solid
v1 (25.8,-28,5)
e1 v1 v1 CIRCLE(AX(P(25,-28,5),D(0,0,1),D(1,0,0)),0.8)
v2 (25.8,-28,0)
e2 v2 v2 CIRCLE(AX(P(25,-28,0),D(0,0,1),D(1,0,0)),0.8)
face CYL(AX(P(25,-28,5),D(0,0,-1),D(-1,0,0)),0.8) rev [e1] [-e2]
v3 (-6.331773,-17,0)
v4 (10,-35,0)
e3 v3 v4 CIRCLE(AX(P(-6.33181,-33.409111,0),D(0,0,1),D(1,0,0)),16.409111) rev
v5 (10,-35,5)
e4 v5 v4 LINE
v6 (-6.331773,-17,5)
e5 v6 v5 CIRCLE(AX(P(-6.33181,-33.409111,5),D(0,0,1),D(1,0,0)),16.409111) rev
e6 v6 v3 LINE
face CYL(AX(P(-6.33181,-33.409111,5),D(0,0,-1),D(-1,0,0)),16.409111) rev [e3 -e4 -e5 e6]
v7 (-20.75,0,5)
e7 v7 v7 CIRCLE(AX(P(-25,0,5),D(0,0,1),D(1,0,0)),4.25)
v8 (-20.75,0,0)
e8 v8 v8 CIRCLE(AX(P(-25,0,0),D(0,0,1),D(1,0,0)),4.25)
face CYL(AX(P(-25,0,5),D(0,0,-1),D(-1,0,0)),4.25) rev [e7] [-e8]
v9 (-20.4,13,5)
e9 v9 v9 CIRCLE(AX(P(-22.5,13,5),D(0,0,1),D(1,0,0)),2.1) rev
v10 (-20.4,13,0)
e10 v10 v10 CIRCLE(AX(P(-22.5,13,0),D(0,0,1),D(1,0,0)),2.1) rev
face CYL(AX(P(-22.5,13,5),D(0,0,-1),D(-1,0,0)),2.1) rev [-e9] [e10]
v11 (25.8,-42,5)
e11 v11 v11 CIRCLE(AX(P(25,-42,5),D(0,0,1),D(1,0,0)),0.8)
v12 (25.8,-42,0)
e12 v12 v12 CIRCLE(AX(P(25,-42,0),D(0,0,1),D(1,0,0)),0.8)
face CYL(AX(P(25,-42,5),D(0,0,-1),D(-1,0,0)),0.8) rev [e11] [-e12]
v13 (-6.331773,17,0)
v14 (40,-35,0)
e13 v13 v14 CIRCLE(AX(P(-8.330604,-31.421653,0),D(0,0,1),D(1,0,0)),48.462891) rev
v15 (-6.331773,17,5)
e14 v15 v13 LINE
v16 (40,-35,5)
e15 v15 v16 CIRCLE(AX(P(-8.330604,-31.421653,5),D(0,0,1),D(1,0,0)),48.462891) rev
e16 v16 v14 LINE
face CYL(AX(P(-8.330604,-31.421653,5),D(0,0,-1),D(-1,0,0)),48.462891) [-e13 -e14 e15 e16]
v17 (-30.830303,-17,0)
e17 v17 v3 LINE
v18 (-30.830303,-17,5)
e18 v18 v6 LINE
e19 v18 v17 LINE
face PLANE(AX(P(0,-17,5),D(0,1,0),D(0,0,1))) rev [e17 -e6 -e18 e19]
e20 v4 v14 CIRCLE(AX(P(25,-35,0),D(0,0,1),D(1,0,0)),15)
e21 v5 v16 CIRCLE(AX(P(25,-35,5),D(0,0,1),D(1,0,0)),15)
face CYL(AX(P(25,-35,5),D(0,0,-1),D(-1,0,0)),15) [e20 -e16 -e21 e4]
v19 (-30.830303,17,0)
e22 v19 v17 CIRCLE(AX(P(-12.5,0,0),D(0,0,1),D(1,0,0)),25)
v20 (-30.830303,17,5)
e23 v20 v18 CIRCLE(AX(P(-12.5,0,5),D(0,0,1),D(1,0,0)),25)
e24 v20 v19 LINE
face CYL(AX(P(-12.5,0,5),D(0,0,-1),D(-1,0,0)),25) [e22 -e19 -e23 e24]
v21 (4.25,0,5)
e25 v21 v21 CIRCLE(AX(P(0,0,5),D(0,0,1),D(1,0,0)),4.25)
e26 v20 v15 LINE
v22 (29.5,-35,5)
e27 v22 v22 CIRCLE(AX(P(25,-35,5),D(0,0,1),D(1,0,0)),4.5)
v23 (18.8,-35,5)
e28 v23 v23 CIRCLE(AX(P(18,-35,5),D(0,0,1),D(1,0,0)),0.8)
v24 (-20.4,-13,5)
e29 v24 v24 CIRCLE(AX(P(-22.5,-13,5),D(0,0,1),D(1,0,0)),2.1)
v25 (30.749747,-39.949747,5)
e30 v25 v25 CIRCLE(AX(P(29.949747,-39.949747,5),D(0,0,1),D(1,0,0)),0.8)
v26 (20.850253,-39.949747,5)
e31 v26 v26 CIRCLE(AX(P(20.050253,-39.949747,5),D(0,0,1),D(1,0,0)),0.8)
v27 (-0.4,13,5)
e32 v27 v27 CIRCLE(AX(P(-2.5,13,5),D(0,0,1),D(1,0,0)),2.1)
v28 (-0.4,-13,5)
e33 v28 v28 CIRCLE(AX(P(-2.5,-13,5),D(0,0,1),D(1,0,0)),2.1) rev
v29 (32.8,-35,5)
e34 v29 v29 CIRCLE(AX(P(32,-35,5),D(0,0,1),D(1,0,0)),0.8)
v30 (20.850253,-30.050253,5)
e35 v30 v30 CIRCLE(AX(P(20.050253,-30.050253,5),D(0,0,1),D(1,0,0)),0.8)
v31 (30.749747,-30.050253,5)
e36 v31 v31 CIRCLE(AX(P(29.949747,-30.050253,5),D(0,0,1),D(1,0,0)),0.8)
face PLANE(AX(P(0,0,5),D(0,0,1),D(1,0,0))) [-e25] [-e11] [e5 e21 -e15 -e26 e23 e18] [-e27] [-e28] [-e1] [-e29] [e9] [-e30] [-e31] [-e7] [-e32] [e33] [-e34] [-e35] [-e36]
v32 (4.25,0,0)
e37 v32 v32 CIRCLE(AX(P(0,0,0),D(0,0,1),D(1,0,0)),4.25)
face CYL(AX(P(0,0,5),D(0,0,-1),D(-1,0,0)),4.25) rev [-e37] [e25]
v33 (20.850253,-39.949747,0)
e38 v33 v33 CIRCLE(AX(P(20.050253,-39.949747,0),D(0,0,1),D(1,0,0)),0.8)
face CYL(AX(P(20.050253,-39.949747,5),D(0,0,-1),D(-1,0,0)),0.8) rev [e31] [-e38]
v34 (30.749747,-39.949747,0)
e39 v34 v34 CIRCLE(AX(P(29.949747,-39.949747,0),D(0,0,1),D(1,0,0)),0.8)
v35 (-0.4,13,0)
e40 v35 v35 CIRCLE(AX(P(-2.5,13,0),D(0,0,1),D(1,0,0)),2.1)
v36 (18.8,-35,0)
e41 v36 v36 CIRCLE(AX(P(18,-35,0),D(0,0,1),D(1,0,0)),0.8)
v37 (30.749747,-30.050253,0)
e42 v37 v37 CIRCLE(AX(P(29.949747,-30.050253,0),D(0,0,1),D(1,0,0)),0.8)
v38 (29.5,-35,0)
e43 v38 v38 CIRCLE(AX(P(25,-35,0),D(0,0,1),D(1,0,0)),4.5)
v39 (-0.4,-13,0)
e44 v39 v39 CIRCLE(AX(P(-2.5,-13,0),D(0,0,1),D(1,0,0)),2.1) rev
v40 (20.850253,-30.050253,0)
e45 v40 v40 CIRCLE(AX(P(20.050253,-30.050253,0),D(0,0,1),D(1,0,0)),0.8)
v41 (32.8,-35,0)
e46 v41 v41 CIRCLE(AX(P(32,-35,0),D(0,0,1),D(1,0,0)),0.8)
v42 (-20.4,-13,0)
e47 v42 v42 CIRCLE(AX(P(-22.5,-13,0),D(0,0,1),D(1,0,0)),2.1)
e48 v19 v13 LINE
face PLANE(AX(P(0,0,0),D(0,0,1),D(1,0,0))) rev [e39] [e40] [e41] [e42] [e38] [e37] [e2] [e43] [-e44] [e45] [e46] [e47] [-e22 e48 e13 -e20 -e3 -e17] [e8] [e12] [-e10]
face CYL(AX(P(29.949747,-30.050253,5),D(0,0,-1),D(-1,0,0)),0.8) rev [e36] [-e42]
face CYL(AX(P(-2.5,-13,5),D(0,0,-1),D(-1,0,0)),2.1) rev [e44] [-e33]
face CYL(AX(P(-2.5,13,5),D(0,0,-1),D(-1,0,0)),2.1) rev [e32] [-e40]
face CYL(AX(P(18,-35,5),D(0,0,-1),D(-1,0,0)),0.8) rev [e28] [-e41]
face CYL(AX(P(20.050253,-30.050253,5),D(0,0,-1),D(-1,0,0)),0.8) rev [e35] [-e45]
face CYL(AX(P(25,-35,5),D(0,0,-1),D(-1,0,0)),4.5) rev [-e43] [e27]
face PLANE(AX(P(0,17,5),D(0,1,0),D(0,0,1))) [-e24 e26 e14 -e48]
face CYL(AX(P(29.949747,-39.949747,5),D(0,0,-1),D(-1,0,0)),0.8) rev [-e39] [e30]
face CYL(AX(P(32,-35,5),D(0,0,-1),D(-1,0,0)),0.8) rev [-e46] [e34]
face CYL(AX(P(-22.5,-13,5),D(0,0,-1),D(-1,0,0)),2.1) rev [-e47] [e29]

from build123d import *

# Parameters (mm, degrees)
SKETCH1_R           = 2.1
SKETCH1_R_2         = 4.25
BOSS_EXTRUDE1_DEPTH = 5


with BuildPart() as part:
    # Sketch1 → Boss-Extrude1 (new body)
    # profile 1 of 2: a face of its own
    with BuildSketch(Plane.XY):
        with BuildLine():
            Line((-6.331773263, 17), (-30.83030278, 17))
            ThreePointArc((-30.83030278, 17), (-37.5, 0), (-30.83030278, -17))
            Line((-30.83030278, -17), (-6.331773263, -17))
            ThreePointArc((-6.331773263, -17), (5.820650879, -22.382931848), (10, -35))
            ThreePointArc((10, -35), (25, -50), (40, -35))
            ThreePointArc((40, -35), (27.853135577, 0.817900741), (-6.331773263, 17))
        make_face()
        with BuildLine():
            ThreePointArc((34.5, -35), (25, -44.5), (15.5, -35))
            ThreePointArc((15.5, -35), (25, -25.5), (34.5, -35))
        make_face(mode=Mode.SUBTRACT)
        with Locations((-22.5, -13)):
            Circle(SKETCH1_R, mode=Mode.SUBTRACT)
        with Locations((-25, 0)):
            Circle(SKETCH1_R_2, mode=Mode.SUBTRACT)
        with Locations((-2.5, -13)):
            Circle(SKETCH1_R, mode=Mode.SUBTRACT)
        Circle(SKETCH1_R_2, mode=Mode.SUBTRACT)
        with Locations((-22.5, 13)):
            Circle(SKETCH1_R, mode=Mode.SUBTRACT)
        with Locations((-2.5, 13)):
            Circle(SKETCH1_R, mode=Mode.SUBTRACT)
    # profile 2 of 2: a face of its own
    with BuildSketch(Plane.XY):
        with BuildLine():
            ThreePointArc((15.5, -35), (25, -44.5), (34.5, -35))
            ThreePointArc((34.5, -35), (25, -25.5), (15.5, -35))
        make_face()
        with BuildLine():
            ThreePointArc((24.2, -28), (25, -28.8), (25.8, -28))
            ThreePointArc((25.8, -28), (25, -27.2), (24.2, -28))
        make_face(mode=Mode.SUBTRACT)
        with BuildLine():
            ThreePointArc((30.749747468, -30.050252532), (29.949747468, -29.250252532), (29.149747468, -30.050252532))
            ThreePointArc((29.149747468, -30.050252532), (29.949747468, -30.850252532), (30.749747468, -30.050252532))
        make_face(mode=Mode.SUBTRACT)
        with BuildLine():
            ThreePointArc((32.8, -35), (32, -34.2), (31.2, -35))
            ThreePointArc((31.2, -35), (32, -35.8), (32.8, -35))
        make_face(mode=Mode.SUBTRACT)
        with BuildLine():
            ThreePointArc((30.749747468, -39.949747468), (29.949747468, -39.149747468), (29.149747468, -39.949747468))
            ThreePointArc((29.149747468, -39.949747468), (29.949747468, -40.749747468), (30.749747468, -39.949747468))
        make_face(mode=Mode.SUBTRACT)
        with BuildLine():
            ThreePointArc((25.8, -42), (25, -41.2), (24.2, -42))
            ThreePointArc((24.2, -42), (25, -42.8), (25.8, -42))
        make_face(mode=Mode.SUBTRACT)
        with BuildLine():
            ThreePointArc((19.250252532, -39.949747468), (20.050252532, -40.749747468), (20.850252532, -39.949747468))
            ThreePointArc((20.850252532, -39.949747468), (20.050252532, -39.149747468), (19.250252532, -39.949747468))
        make_face(mode=Mode.SUBTRACT)
        with BuildLine():
            ThreePointArc((17.2, -35), (18, -35.8), (18.8, -35))
            ThreePointArc((18.8, -35), (18, -34.2), (17.2, -35))
        make_face(mode=Mode.SUBTRACT)
        with BuildLine():
            ThreePointArc((19.250252532, -30.050252532), (20.050252532, -30.850252532), (20.850252532, -30.050252532))
            ThreePointArc((20.850252532, -30.050252532), (20.050252532, -29.250252532), (19.250252532, -30.050252532))
        make_face(mode=Mode.SUBTRACT)
        with BuildLine():
            ThreePointArc((29.5, -35), (25, -30.5), (20.5, -35))
            ThreePointArc((20.5, -35), (25, -39.5), (29.5, -35))
        make_face(mode=Mode.SUBTRACT)
    extrude(amount=BOSS_EXTRUDE1_DEPTH)


solid = part.part
